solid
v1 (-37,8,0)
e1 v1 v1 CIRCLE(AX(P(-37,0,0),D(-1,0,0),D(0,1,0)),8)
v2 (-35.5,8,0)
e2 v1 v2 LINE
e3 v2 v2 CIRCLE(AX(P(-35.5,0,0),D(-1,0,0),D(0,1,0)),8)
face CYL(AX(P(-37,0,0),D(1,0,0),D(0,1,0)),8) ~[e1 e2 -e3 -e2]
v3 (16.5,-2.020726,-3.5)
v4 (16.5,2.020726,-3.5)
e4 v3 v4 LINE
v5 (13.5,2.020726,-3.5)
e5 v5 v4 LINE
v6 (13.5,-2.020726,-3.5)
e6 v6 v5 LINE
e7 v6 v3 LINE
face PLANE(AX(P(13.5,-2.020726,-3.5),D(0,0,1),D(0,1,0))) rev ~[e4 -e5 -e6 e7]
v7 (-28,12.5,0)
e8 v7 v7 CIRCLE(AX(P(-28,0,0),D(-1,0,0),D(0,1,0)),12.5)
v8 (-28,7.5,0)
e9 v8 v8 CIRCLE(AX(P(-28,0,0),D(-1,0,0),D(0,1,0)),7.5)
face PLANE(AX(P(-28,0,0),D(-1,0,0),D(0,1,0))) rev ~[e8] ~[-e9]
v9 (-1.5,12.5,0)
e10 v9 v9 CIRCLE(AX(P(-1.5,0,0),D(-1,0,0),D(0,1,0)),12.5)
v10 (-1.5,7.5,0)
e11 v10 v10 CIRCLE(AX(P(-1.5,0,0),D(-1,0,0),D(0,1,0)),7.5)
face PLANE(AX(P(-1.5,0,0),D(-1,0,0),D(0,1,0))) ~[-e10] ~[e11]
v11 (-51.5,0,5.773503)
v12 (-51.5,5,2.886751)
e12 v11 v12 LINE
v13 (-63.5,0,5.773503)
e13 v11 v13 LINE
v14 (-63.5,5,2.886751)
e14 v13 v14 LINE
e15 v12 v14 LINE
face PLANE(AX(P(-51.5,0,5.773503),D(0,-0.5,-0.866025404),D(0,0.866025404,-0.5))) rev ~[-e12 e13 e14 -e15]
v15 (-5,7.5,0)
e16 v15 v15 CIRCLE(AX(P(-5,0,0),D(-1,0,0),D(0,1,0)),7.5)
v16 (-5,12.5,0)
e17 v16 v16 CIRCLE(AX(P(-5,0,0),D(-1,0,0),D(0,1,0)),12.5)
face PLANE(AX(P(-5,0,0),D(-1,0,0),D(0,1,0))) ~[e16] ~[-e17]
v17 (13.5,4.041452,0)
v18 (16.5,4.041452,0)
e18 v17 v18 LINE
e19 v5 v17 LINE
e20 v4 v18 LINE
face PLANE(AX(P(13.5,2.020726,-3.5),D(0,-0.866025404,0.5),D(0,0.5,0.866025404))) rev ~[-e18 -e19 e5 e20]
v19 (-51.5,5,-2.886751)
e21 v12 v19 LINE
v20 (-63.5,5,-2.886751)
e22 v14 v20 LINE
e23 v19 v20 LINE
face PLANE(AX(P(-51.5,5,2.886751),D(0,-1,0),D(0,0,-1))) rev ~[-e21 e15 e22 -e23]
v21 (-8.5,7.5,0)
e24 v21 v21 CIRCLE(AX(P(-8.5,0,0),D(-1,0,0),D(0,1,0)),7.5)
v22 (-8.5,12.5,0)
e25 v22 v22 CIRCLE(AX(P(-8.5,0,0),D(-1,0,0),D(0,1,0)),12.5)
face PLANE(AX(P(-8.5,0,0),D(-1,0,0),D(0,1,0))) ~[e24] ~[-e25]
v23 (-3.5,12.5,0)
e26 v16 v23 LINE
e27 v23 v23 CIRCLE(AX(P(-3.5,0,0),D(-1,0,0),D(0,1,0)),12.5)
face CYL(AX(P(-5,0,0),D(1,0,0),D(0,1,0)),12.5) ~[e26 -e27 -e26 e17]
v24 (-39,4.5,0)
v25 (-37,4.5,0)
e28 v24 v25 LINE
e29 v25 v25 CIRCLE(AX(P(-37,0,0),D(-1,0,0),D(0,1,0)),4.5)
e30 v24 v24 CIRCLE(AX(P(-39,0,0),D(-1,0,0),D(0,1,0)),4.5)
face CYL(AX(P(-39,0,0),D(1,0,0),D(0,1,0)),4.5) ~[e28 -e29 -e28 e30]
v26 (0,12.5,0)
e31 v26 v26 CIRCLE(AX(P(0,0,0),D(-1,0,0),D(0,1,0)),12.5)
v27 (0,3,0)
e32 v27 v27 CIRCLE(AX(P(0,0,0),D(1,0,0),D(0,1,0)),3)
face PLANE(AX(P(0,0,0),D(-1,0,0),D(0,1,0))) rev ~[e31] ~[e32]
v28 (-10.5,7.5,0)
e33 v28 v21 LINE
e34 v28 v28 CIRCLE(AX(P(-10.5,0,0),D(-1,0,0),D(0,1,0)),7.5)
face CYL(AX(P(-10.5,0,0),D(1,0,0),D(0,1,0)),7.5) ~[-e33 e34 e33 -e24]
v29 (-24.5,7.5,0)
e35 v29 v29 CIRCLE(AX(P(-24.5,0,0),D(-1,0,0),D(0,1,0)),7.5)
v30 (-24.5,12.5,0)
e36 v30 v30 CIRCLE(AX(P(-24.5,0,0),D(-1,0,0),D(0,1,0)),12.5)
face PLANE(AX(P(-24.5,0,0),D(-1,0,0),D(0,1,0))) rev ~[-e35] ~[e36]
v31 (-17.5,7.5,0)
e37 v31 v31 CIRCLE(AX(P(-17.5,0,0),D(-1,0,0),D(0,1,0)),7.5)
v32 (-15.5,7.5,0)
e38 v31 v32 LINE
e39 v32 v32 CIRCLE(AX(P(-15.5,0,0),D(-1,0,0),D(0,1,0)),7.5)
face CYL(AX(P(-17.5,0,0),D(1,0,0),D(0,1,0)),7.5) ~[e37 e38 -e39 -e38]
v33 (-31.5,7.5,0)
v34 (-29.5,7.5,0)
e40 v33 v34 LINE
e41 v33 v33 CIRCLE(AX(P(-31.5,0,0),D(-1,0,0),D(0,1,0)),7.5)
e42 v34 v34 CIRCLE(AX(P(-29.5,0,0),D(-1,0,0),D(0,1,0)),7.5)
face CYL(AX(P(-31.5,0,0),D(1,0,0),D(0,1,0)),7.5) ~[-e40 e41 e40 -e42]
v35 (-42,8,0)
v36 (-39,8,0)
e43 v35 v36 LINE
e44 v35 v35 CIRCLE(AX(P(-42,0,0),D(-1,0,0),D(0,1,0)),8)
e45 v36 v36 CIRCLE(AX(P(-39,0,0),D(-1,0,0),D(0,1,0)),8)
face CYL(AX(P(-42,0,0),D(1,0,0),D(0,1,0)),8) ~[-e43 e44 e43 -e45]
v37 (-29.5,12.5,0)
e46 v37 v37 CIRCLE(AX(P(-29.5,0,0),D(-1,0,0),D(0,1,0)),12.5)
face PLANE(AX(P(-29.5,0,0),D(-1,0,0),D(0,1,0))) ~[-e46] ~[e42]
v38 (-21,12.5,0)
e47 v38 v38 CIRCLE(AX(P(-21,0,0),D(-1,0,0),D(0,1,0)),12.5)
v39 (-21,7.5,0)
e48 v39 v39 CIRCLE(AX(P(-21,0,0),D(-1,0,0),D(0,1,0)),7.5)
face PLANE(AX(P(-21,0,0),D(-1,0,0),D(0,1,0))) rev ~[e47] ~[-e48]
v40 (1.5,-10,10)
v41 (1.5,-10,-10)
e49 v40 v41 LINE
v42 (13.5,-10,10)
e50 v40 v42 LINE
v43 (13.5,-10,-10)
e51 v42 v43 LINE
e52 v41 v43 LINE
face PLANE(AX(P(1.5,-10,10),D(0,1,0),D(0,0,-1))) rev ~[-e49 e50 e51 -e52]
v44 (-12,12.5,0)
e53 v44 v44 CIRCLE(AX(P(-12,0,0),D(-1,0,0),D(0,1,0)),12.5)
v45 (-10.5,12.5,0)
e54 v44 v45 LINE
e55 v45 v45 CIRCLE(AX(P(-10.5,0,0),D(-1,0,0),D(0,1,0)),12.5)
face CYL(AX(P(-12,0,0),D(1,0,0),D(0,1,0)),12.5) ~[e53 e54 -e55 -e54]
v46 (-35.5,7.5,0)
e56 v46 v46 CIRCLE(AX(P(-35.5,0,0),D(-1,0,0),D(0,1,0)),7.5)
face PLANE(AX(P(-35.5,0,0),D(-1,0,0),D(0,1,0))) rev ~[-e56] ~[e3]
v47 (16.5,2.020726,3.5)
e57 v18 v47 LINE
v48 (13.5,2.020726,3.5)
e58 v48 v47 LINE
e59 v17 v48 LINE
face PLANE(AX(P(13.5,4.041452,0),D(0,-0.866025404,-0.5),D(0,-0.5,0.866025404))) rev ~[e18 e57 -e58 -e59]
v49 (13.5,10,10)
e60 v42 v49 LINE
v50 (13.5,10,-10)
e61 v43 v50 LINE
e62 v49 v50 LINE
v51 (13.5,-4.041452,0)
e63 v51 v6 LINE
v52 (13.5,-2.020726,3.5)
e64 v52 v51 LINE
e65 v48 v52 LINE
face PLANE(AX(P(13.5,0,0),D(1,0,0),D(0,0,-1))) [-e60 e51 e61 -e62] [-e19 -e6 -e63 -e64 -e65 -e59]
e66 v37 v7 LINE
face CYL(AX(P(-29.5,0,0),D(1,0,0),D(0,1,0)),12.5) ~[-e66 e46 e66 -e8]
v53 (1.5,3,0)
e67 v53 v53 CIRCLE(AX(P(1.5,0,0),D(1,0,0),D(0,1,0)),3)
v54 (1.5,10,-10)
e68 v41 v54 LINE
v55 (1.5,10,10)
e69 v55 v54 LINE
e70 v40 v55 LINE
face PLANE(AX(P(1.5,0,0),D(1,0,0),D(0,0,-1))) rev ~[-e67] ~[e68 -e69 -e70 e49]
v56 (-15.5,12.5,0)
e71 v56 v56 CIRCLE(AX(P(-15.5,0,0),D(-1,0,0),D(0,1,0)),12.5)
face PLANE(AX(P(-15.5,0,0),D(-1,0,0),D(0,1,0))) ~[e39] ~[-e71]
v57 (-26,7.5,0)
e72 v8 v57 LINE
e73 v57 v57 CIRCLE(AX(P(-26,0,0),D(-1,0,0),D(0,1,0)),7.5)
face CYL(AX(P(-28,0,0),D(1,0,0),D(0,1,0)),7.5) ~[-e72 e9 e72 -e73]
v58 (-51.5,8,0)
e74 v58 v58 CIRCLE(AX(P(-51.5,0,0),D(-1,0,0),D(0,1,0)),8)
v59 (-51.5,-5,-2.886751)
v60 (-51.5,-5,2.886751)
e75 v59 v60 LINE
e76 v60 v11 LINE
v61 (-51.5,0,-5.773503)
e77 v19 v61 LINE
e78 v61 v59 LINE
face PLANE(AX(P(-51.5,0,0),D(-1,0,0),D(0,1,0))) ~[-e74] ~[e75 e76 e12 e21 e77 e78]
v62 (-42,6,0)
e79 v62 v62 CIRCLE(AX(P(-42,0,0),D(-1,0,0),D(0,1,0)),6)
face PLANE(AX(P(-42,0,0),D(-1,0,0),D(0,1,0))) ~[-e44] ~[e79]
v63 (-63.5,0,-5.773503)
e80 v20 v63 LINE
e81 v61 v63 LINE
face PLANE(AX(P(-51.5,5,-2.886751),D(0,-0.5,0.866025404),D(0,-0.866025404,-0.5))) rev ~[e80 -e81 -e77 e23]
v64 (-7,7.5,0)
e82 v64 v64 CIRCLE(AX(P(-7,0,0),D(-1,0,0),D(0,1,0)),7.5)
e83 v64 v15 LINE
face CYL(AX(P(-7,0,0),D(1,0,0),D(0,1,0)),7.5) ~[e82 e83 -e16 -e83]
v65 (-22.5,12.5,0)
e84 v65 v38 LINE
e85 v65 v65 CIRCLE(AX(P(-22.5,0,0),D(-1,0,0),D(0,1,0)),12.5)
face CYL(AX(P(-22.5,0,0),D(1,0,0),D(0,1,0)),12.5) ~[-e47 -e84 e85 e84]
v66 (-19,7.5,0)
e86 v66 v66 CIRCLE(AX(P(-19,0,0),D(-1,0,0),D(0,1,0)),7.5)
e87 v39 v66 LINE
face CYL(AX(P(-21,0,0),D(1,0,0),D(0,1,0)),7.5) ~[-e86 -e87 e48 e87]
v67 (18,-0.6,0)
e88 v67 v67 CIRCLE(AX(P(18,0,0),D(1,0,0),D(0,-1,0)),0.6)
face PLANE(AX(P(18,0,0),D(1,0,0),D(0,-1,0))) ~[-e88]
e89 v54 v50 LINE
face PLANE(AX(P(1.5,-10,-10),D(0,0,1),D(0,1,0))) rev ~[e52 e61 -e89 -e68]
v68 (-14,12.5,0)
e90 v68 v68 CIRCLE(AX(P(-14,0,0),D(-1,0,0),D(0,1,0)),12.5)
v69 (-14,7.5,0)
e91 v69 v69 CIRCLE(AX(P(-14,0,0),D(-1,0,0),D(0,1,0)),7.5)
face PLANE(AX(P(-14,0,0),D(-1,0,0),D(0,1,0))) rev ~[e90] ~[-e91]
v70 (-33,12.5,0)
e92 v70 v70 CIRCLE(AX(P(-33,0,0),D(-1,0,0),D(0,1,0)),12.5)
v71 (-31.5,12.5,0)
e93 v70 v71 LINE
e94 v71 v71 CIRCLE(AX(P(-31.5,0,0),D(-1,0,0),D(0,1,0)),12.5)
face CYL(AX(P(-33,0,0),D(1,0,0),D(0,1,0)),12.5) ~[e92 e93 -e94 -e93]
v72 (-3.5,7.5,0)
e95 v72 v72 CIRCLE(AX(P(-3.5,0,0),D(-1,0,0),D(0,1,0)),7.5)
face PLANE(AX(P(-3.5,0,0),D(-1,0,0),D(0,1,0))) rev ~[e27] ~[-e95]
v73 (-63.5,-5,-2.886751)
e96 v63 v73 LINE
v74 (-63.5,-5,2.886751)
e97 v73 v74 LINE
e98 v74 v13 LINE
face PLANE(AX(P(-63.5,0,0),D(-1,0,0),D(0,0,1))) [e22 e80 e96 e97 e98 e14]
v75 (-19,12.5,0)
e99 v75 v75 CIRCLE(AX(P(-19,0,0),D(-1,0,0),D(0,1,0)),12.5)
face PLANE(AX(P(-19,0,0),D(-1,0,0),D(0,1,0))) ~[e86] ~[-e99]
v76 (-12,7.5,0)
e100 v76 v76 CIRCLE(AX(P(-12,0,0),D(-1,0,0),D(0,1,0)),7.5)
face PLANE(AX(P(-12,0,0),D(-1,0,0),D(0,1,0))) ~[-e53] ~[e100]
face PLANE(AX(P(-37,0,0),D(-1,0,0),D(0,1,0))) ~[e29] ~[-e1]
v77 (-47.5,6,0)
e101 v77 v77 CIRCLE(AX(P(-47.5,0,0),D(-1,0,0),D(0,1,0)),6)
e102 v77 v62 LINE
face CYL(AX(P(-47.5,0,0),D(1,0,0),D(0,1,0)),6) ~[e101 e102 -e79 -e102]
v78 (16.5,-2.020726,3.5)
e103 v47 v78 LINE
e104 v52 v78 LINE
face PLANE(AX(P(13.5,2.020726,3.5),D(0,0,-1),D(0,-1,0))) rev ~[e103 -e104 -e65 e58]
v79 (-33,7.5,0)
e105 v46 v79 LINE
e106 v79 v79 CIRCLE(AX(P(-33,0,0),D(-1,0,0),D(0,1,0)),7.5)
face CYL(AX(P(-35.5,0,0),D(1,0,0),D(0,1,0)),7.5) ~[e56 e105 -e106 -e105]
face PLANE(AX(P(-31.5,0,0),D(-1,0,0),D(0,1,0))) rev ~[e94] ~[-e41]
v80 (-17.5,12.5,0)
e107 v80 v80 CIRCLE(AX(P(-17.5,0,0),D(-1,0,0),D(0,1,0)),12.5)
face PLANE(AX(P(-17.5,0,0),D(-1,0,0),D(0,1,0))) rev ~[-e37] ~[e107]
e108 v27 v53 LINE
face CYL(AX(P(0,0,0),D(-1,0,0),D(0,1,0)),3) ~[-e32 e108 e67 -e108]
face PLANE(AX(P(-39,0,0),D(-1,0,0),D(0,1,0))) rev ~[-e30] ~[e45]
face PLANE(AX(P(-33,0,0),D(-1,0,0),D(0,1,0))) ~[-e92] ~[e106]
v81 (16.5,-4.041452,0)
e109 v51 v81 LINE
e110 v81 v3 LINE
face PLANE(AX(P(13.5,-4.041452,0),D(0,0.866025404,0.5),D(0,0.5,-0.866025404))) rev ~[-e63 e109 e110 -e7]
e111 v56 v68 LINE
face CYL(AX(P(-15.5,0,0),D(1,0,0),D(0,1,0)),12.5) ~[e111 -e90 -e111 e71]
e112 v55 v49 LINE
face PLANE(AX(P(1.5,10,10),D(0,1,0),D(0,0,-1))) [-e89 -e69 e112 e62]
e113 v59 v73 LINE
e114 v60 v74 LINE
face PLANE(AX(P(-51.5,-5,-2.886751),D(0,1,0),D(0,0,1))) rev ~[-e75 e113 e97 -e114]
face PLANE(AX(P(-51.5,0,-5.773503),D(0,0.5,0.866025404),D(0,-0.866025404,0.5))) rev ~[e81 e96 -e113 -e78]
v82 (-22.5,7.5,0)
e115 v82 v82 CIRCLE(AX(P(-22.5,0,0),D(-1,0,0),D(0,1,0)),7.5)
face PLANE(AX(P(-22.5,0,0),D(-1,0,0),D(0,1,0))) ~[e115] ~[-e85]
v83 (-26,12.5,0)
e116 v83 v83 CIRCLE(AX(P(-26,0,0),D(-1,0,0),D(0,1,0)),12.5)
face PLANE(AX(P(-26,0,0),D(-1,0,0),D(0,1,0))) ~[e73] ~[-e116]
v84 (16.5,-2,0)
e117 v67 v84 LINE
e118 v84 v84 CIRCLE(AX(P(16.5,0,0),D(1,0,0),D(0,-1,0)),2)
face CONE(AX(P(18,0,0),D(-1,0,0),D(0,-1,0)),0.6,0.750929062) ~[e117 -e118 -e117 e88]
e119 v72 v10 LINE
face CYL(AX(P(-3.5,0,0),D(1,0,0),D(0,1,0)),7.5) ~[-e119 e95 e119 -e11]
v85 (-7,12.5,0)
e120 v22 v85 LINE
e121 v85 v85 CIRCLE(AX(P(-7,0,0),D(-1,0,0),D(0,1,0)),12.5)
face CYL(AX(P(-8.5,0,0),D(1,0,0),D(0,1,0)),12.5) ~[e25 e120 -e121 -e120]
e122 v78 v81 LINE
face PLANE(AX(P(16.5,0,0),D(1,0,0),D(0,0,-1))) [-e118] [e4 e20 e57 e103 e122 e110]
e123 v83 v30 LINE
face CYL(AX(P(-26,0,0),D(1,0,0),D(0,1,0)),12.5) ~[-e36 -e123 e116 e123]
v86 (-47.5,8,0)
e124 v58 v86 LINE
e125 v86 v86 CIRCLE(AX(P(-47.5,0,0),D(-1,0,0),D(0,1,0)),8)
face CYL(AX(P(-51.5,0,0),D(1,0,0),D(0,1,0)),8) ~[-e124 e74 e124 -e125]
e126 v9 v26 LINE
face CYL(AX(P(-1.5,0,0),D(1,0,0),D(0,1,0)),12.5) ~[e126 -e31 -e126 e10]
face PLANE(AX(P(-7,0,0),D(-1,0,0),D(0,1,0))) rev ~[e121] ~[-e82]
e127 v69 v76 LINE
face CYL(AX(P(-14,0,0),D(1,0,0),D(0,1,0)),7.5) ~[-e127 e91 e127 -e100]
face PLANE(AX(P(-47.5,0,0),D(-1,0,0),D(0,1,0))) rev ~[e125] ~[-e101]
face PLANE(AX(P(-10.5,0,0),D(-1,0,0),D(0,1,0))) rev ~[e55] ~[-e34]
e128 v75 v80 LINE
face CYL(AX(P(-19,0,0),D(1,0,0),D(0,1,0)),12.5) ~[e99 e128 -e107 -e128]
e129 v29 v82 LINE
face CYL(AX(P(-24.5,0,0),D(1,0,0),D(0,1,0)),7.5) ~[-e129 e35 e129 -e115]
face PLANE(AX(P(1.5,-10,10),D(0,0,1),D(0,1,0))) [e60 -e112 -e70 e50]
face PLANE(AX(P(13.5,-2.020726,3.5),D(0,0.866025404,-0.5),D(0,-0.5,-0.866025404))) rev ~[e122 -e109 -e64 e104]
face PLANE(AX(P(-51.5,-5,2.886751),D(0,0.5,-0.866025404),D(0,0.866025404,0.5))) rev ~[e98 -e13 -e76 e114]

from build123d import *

# Parameters (mm, degrees)
SKETCH_2_R      = 3
EXTRUDE_1_DEPTH = 1.5
SKETCH_3_W      = 20
SKETCH_3_H      = 20
EXTRUDE_2_DEPTH = 12
EXTRUDE_3_DEPTH = 3
EXTRUDE_4_DEPTH = 12


with BuildPart() as part:
    # 草圖1 → 旋轉1 (revolve)
    with BuildSketch(Plane.XY):
        Polygon((0, 0), (-51.5, 0), (-51.5, 8), (-47.5, 8), (-47.5, 6), (-42, 6), (-42, 8), (-39, 8), (-39, 4.5), (-37, 4.5), (-37, 8), (-35.5, 8), (-35.5, 7.5), (-33, 7.5), (-33, 12.5), (-31.5, 12.5), (-31.5, 7.5), (-29.5, 7.5), (-29.5, 12.5), (-28, 12.5), (-28, 7.5), (-26, 7.5), (-26, 12.5), (-24.5, 12.5), (-24.5, 7.5), (-22.5, 7.5), (-22.5, 12.5), (-21, 12.5), (-21, 7.5), (-19, 7.5), (-19, 12.5), (-17.5, 12.5), (-17.5, 7.5), (-15.5, 7.5), (-15.5, 12.5), (-14, 12.5), (-14, 7.5), (-12, 7.5), (-12, 12.5), (-10.5, 12.5), (-10.5, 7.5), (-8.5, 7.5), (-8.5, 12.5), (-7, 12.5), (-7, 7.5), (-5, 7.5), (-5, 12.5), (-3.5, 12.5), (-3.5, 7.5), (-1.5, 7.5), (-1.5, 12.5), (0, 12.5), align=None)
    revolve(axis=Axis((0, 0, 0), (-1, 0, 0)))

    # 草圖2 → 填料-伸長1 (add)
    with BuildSketch(Plane(origin=(0, 0, 0), x_dir=(0, 0, -1), z_dir=(1, 0, 0))):
        with Locations(Location((0, 0, 0), (0, 0, 90))):
            Circle(SKETCH_2_R)
    extrude(amount=EXTRUDE_1_DEPTH)

    # 草圖3 → 填料-伸長2 (add)
    with BuildSketch(Plane(origin=(1.5, 0, 0), x_dir=(0, 0, -1), z_dir=(1, 0, 0))):
        Rectangle(SKETCH_3_W, SKETCH_3_H)
    extrude(amount=EXTRUDE_2_DEPTH)

    # 草圖4 → 填料-伸長3 (add)
    with BuildSketch(Plane(origin=(13.5, 0, 0), x_dir=(0, 0, -1), z_dir=(1, 0, 0))):
        Polygon((0, 4.041451884), (-3.5, 2.020725942), (-3.5, -2.020725942), (0, -4.041451884), (3.5, -2.020725942), (3.5, 2.020725942), align=None)
    extrude(amount=EXTRUDE_3_DEPTH)

    # 草圖6 → 旋轉2 (revolve)
    with BuildSketch(Plane.XY, mode=Mode.PRIVATE) as revolve_2_sk:
        Polygon((16.5, 0), (18, 0), (18, 0.6), (16.5, 2), align=None)
    revolve(revolve_2_sk.sketch.rotate(Axis((16.5, 0, 0), (1, 0, 0)), 180), axis=Axis((16.5, 0, 0), (1, 0, 0)))

    # 草圖7 → 填料-伸長4 (add)
    with BuildSketch(Plane.ZY.offset(51.5)):
        Polygon((-5.773502692, 0), (-2.886751346, -5), (2.886751346, -5), (5.773502692, 0), (2.886751346, 5), (-2.886751346, 5), align=None)
    extrude(amount=EXTRUDE_4_DEPTH)


solid = part.part
